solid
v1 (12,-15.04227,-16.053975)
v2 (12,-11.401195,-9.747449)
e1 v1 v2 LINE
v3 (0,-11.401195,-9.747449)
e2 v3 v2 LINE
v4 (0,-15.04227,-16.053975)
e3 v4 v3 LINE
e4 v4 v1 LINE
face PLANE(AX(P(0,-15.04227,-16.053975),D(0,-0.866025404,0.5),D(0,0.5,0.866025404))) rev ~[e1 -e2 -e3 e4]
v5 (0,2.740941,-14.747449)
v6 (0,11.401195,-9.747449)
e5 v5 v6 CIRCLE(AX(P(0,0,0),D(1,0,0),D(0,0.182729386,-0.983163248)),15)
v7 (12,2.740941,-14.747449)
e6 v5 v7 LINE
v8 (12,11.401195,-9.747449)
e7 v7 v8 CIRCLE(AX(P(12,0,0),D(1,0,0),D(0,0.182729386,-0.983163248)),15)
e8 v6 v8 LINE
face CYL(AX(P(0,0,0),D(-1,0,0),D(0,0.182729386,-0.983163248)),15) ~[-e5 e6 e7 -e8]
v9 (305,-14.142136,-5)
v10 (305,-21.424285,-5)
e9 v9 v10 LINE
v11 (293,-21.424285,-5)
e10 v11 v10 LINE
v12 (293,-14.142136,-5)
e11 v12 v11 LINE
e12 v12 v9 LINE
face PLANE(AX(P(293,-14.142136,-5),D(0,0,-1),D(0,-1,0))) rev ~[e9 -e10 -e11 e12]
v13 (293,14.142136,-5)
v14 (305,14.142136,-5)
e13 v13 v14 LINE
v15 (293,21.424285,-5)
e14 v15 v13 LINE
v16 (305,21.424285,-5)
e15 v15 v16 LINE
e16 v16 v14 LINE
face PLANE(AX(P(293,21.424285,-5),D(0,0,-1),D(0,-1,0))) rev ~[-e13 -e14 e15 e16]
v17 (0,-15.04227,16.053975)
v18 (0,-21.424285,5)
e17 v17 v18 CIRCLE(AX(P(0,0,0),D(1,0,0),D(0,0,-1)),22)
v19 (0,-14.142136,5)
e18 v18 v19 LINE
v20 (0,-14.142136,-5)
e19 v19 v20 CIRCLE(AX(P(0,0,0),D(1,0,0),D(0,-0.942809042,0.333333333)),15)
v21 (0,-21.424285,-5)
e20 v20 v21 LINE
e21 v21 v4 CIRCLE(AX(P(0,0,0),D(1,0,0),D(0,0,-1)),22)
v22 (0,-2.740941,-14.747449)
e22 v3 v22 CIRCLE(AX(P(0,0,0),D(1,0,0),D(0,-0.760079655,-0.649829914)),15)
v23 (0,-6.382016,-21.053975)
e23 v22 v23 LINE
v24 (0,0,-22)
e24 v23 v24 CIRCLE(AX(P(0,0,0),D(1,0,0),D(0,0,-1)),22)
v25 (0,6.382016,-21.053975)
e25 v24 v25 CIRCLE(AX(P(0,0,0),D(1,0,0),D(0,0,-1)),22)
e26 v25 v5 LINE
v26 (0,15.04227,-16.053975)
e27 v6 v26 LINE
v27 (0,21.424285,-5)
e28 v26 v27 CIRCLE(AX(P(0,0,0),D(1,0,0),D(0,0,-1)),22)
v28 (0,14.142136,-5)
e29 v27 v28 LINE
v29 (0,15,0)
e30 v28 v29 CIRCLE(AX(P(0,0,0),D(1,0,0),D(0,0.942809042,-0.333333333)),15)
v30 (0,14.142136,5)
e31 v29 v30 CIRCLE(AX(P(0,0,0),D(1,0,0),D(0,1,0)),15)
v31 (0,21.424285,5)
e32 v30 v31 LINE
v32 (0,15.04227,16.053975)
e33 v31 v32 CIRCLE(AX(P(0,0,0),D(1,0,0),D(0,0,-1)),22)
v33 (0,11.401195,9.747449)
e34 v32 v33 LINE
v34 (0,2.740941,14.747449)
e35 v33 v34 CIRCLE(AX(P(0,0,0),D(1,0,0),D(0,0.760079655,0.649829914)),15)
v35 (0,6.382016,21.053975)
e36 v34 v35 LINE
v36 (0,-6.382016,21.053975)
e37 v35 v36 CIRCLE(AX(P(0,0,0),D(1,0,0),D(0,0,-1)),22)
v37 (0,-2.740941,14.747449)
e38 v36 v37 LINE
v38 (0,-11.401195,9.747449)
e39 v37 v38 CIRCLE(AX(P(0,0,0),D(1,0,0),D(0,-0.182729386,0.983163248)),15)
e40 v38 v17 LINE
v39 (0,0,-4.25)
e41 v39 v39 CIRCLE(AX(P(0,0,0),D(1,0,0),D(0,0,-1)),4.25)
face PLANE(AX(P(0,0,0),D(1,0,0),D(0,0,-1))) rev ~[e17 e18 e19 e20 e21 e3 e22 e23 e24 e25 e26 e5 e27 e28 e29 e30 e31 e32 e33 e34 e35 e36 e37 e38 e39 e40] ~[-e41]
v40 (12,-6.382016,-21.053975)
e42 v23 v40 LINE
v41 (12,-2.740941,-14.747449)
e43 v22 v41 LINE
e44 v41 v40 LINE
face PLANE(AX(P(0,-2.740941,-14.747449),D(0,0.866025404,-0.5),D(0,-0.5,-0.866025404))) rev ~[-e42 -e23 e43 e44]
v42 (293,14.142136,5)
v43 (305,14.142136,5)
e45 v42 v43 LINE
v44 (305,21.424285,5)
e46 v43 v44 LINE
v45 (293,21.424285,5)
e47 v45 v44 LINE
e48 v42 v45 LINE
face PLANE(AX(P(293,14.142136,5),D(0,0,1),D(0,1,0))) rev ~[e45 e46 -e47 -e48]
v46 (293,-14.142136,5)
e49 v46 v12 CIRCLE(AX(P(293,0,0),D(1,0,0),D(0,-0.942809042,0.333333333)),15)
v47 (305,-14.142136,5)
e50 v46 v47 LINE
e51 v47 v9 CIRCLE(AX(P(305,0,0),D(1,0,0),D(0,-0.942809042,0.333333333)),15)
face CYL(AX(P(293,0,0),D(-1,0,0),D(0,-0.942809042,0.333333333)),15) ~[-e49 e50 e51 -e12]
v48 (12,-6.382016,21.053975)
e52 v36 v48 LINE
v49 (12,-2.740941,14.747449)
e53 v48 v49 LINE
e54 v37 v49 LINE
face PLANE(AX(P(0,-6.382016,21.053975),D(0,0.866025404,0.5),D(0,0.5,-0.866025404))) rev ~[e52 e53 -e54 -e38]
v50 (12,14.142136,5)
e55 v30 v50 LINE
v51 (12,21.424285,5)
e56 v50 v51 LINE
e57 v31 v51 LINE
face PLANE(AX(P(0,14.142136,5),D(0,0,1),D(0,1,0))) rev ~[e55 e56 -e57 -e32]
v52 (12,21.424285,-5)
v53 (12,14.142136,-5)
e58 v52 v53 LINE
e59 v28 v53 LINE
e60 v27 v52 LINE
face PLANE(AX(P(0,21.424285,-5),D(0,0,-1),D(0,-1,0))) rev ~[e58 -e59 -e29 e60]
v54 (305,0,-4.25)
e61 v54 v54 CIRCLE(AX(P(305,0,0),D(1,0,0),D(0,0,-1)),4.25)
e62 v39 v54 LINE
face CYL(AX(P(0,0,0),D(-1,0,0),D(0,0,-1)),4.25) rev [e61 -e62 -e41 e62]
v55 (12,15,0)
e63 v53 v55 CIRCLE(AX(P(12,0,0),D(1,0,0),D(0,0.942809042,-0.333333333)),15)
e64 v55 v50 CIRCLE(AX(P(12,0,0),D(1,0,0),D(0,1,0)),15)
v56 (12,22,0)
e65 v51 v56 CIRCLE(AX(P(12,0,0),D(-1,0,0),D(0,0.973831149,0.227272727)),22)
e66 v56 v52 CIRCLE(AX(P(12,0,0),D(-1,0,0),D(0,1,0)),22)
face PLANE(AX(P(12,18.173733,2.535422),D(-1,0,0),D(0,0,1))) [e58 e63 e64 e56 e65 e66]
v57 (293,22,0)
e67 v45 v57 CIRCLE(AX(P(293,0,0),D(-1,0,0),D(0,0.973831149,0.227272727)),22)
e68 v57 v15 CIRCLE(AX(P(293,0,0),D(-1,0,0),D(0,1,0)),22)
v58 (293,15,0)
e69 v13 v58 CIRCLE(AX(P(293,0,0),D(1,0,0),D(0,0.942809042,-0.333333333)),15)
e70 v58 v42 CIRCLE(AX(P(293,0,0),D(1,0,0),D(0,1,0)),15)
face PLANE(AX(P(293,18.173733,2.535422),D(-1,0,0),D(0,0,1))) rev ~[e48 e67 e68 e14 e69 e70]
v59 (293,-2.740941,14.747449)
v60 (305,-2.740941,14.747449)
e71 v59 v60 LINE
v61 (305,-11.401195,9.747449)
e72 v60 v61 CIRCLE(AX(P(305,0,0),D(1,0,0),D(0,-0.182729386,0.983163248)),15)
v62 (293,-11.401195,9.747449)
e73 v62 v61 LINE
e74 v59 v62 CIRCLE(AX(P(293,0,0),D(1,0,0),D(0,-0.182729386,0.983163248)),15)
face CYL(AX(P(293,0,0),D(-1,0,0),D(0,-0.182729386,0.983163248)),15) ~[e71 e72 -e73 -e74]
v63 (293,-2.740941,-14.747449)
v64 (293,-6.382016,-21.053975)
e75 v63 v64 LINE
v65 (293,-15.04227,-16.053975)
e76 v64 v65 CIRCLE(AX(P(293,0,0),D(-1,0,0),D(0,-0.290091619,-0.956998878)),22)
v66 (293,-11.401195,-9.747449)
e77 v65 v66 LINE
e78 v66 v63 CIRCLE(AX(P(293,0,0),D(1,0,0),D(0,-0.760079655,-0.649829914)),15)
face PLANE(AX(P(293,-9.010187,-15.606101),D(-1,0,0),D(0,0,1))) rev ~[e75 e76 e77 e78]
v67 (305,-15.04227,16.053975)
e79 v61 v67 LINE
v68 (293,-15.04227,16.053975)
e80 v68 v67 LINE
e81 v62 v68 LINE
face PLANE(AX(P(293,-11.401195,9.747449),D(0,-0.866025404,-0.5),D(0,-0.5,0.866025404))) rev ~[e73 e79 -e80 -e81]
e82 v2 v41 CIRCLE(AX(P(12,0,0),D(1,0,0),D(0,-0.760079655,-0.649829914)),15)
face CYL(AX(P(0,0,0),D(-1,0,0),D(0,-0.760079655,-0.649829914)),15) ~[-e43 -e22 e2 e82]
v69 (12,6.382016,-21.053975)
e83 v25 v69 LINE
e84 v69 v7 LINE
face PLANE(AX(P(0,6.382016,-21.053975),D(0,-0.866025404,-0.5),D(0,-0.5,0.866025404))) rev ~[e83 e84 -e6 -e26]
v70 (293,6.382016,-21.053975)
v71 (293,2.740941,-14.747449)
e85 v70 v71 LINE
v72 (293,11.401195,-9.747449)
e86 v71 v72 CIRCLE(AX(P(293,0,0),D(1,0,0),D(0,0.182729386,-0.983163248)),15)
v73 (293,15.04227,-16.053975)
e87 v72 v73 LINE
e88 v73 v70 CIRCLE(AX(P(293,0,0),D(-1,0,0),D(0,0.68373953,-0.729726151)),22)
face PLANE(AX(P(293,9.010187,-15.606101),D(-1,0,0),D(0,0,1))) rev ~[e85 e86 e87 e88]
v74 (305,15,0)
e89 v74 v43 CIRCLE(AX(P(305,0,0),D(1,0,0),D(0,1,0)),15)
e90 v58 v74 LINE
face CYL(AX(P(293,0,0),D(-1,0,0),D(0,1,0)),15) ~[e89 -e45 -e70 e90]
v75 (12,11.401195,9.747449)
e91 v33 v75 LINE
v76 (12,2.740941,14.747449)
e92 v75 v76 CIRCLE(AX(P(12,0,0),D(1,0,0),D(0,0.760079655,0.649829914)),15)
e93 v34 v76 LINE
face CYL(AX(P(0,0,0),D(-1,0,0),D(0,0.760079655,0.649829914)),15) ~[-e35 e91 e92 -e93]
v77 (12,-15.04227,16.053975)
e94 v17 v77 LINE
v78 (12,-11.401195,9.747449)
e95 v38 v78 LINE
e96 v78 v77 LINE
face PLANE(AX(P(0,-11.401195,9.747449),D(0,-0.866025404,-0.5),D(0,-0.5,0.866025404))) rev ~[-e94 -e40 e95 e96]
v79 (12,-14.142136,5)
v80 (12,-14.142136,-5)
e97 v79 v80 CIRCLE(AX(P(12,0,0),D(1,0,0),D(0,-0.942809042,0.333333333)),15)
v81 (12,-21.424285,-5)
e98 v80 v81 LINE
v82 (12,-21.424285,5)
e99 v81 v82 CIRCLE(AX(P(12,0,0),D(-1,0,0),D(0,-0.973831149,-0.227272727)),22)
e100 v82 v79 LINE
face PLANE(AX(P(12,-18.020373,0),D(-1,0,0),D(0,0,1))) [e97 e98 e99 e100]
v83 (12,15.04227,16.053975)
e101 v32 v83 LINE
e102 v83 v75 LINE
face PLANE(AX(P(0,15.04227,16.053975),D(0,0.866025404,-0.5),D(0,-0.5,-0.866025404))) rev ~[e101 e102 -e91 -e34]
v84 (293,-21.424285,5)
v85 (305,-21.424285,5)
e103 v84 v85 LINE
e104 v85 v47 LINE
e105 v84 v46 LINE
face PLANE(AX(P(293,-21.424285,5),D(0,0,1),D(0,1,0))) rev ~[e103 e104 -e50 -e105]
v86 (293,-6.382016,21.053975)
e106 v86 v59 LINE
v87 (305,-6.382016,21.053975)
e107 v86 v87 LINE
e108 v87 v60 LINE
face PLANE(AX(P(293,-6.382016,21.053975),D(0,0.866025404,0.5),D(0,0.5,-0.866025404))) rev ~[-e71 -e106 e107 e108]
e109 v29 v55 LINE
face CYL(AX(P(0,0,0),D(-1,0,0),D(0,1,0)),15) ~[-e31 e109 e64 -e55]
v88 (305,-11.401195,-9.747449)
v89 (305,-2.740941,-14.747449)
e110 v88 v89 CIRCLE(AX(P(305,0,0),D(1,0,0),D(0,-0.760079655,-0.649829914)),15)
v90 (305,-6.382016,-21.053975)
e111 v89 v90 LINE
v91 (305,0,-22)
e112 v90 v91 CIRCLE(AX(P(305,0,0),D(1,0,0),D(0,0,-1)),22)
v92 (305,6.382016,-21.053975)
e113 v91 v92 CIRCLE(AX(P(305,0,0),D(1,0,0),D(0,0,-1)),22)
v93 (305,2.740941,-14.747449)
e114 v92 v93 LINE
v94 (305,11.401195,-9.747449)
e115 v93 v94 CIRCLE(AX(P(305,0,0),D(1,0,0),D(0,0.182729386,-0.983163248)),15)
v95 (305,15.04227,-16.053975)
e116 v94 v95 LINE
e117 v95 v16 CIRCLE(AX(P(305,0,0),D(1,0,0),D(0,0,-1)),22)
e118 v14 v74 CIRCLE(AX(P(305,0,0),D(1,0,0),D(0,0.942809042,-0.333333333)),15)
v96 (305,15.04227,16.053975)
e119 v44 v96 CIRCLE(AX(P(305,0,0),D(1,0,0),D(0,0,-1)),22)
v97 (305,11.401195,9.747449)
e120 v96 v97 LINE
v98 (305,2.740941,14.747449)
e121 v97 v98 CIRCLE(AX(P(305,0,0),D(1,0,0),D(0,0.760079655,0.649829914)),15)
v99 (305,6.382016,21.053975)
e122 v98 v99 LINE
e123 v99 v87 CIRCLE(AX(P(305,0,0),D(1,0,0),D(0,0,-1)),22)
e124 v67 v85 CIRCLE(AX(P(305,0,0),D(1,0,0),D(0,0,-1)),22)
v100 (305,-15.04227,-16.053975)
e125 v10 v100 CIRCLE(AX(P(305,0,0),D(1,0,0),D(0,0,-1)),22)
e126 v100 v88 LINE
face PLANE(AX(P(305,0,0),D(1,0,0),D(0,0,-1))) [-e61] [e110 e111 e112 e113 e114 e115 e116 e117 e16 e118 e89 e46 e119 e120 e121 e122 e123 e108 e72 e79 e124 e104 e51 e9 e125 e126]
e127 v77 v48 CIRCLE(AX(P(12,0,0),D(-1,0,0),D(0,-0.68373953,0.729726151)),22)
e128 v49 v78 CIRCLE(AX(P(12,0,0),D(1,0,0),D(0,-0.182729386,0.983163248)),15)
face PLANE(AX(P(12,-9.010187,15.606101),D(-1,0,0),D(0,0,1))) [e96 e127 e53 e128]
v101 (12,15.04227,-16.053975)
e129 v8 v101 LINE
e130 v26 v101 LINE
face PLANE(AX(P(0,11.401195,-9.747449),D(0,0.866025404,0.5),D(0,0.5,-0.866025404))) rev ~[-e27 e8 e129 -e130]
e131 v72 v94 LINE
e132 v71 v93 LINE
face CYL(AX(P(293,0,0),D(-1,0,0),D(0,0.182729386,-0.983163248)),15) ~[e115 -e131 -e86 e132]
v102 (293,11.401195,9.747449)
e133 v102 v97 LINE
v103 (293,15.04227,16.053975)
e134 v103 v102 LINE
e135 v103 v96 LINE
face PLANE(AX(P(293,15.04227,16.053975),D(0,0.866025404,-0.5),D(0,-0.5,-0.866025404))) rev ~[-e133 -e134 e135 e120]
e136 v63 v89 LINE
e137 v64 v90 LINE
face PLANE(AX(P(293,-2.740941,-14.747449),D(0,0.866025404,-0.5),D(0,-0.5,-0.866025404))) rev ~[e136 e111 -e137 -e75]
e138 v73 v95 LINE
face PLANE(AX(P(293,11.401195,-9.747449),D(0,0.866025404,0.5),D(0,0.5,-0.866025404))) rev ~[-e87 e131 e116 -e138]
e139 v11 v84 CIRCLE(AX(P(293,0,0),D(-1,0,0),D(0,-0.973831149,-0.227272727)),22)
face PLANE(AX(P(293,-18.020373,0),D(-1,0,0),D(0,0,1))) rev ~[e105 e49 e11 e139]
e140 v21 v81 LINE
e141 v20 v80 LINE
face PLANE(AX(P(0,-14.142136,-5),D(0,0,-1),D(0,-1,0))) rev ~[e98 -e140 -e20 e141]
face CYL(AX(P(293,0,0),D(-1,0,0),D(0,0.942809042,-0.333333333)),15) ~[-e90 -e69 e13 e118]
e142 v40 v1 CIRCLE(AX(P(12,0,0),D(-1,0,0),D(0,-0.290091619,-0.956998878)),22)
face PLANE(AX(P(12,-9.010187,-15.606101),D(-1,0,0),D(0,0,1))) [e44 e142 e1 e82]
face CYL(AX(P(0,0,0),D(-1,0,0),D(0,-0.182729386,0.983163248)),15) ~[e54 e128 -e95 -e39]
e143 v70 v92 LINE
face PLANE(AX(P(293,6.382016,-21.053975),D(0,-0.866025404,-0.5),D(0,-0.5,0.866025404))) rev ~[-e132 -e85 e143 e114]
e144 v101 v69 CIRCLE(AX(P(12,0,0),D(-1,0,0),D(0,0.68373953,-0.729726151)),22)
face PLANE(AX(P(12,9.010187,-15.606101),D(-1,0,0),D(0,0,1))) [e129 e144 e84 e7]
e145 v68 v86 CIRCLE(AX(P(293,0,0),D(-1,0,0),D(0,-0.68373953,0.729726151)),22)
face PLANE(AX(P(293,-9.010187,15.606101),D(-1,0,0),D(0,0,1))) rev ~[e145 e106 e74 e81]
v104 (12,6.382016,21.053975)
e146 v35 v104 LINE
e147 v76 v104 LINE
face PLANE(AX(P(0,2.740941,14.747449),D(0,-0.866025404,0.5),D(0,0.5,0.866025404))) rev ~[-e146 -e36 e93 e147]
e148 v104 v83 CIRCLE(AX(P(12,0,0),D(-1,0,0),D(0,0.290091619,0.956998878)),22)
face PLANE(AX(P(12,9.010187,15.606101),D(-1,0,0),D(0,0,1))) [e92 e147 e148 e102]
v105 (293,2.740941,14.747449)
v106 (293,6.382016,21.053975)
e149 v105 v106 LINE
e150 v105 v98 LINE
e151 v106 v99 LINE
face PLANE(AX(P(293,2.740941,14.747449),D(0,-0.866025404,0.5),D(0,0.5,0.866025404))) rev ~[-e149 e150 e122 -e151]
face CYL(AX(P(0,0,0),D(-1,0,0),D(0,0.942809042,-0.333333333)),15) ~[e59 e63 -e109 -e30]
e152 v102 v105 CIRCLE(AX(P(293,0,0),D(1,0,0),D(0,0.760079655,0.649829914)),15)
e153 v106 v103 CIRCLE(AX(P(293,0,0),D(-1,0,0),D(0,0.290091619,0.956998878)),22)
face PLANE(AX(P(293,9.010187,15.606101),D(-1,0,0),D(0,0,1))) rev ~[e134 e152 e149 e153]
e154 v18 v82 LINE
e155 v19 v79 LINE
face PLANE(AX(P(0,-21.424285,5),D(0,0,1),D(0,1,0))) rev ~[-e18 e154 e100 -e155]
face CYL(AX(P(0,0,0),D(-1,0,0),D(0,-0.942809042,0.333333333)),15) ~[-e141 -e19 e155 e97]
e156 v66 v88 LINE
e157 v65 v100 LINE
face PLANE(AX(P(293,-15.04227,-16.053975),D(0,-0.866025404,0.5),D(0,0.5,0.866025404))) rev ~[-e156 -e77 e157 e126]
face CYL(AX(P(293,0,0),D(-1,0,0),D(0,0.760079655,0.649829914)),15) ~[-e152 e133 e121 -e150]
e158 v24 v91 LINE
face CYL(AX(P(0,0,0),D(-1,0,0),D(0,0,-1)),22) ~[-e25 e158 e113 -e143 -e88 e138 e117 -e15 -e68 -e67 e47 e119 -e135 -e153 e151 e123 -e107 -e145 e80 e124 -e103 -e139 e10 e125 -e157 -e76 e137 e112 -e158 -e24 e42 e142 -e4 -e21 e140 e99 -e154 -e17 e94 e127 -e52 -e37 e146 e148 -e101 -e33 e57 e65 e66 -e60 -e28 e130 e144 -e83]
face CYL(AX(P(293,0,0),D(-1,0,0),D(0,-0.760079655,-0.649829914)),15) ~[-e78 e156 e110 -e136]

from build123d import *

# Parameters (mm, degrees)
SKETCH1_R           = 22
SKETCH1_R_2         = 4.25
BOSS_EXTRUDE1_DEPTH = 305
CUT_EXTRUDE1_DEPTH  = 12
CUT_EXTRUDE2_START  = -293
CUT_EXTRUDE2_DEPTH  = 12


with BuildPart() as part:
    # Sketch1 → Boss-Extrude1 (new body)
    with BuildSketch(Plane(origin=(0, 0, 0), x_dir=(0, 0, -1), z_dir=(1, 0, 0))):
        Circle(SKETCH1_R)
        Circle(SKETCH1_R_2, mode=Mode.SUBTRACT)
    extrude(amount=BOSS_EXTRUDE1_DEPTH)

    # Sketch2 → Cut-Extrude1 (cut)
    with BuildSketch(Plane.ZY):
        with BuildLine():
            Line((16.053975315, 15.042269662), (9.747448714, 11.401194831))
            ThreePointArc((9.747448714, 11.401194831), (12.990381057, 7.5), (14.747448714, 2.740940793))
            Line((14.747448714, 2.740940793), (21.053975315, 6.382015624))
            ThreePointArc((21.053975315, 6.382015624), (19.052558883, 11), (16.053975315, 15.042269662))
        make_face()
        with BuildLine():
            Line((21.053975315, -6.382015624), (14.747448714, -2.740940793))
            ThreePointArc((14.747448714, -2.740940793), (12.990381057, -7.5), (9.747448714, -11.401194831))
            Line((9.747448714, -11.401194831), (16.053975315, -15.042269662))
            ThreePointArc((16.053975315, -15.042269662), (19.052558883, -11), (21.053975315, -6.382015624))
        make_face()
        with BuildLine():
            ThreePointArc((5, -14.142135624), (0, -15), (-5, -14.142135624))
            Line((-5, -14.142135624), (-5, -21.424285286))
            ThreePointArc((-5, -21.424285286), (0, -22), (5, -21.424285286))
            Line((5, -21.424285286), (5, -14.142135624))
        make_face()
        with BuildLine():
            ThreePointArc((-9.747448714, -11.401194831), (-12.990381057, -7.5), (-14.747448714, -2.740940793))
            Line((-14.747448714, -2.740940793), (-21.053975315, -6.382015624))
            ThreePointArc((-21.053975315, -6.382015624), (-19.052558883, -11), (-16.053975315, -15.042269662))
            Line((-16.053975315, -15.042269662), (-9.747448714, -11.401194831))
        make_face()
        with BuildLine():
            ThreePointArc((-14.747448714, 2.740940793), (-12.990381057, 7.5), (-9.747448714, 11.401194831))
            Line((-9.747448714, 11.401194831), (-16.053975315, 15.042269662))
            ThreePointArc((-16.053975315, 15.042269662), (-19.052558883, 11), (-21.053975315, 6.382015624))
            Line((-21.053975315, 6.382015624), (-14.747448714, 2.740940793))
        make_face()
        with BuildLine():
            Line((0, 22), (0, 15))
            ThreePointArc((0, 15), (2.536529681, 14.783978395), (5, 14.142135624))
            Line((5, 14.142135624), (5, 21.424285286))
            ThreePointArc((5, 21.424285286), (2.516517804, 21.85559741), (0, 22))
        make_face()
        with BuildLine():
            ThreePointArc((-5, 14.142135624), (-2.536529681, 14.783978395), (0, 15))
            Line((0, 15), (0, 22))
            ThreePointArc((0, 22), (-2.516517804, 21.85559741), (-5, 21.424285286))
            Line((-5, 21.424285286), (-5, 14.142135624))
        make_face()
    extrude(amount=-CUT_EXTRUDE1_DEPTH, mode=Mode.SUBTRACT)

    # Sketch2<4> → Cut-Extrude2 (cut)
    with BuildSketch(Plane.ZY.offset(CUT_EXTRUDE2_START)):
        with BuildLine():
            Line((16.053975315, 15.042269662), (9.747448714, 11.401194831))
            ThreePointArc((9.747448714, 11.401194831), (12.990381057, 7.5), (14.747448714, 2.740940793))
            Line((14.747448714, 2.740940793), (21.053975315, 6.382015624))
            ThreePointArc((21.053975315, 6.382015624), (19.052558883, 11), (16.053975315, 15.042269662))
        make_face()
        with BuildLine():
            Line((0, 22), (0, 15))
            ThreePointArc((0, 15), (2.536529681, 14.783978395), (5, 14.142135624))
            Line((5, 14.142135624), (5, 21.424285286))
            ThreePointArc((5, 21.424285286), (2.516517804, 21.85559741), (0, 22))
        make_face()
        with BuildLine():
            ThreePointArc((-5, 14.142135624), (-2.536529681, 14.783978395), (0, 15))
            Line((0, 15), (0, 22))
            ThreePointArc((0, 22), (-2.516517804, 21.85559741), (-5, 21.424285286))
            Line((-5, 21.424285286), (-5, 14.142135624))
        make_face()
        with BuildLine():
            ThreePointArc((-14.747448714, 2.740940793), (-12.990381057, 7.5), (-9.747448714, 11.401194831))
            Line((-9.747448714, 11.401194831), (-16.053975315, 15.042269662))
            ThreePointArc((-16.053975315, 15.042269662), (-19.052558883, 11), (-21.053975315, 6.382015624))
            Line((-21.053975315, 6.382015624), (-14.747448714, 2.740940793))
        make_face()
        with BuildLine():
            ThreePointArc((-9.747448714, -11.401194831), (-12.990381057, -7.5), (-14.747448714, -2.740940793))
            Line((-14.747448714, -2.740940793), (-21.053975315, -6.382015624))
            ThreePointArc((-21.053975315, -6.382015624), (-19.052558883, -11), (-16.053975315, -15.042269662))
            Line((-16.053975315, -15.042269662), (-9.747448714, -11.401194831))
        make_face()
        with BuildLine():
            ThreePointArc((5, -14.142135624), (0, -15), (-5, -14.142135624))
            Line((-5, -14.142135624), (-5, -21.424285286))
            ThreePointArc((-5, -21.424285286), (0, -22), (5, -21.424285286))
            Line((5, -21.424285286), (5, -14.142135624))
        make_face()
        with BuildLine():
            Line((21.053975315, -6.382015624), (14.747448714, -2.740940793))
            ThreePointArc((14.747448714, -2.740940793), (12.990381057, -7.5), (9.747448714, -11.401194831))
            Line((9.747448714, -11.401194831), (16.053975315, -15.042269662))
            ThreePointArc((16.053975315, -15.042269662), (19.052558883, -11), (21.053975315, -6.382015624))
        make_face()
    extrude(amount=-CUT_EXTRUDE2_DEPTH, mode=Mode.SUBTRACT)


solid = part.part
